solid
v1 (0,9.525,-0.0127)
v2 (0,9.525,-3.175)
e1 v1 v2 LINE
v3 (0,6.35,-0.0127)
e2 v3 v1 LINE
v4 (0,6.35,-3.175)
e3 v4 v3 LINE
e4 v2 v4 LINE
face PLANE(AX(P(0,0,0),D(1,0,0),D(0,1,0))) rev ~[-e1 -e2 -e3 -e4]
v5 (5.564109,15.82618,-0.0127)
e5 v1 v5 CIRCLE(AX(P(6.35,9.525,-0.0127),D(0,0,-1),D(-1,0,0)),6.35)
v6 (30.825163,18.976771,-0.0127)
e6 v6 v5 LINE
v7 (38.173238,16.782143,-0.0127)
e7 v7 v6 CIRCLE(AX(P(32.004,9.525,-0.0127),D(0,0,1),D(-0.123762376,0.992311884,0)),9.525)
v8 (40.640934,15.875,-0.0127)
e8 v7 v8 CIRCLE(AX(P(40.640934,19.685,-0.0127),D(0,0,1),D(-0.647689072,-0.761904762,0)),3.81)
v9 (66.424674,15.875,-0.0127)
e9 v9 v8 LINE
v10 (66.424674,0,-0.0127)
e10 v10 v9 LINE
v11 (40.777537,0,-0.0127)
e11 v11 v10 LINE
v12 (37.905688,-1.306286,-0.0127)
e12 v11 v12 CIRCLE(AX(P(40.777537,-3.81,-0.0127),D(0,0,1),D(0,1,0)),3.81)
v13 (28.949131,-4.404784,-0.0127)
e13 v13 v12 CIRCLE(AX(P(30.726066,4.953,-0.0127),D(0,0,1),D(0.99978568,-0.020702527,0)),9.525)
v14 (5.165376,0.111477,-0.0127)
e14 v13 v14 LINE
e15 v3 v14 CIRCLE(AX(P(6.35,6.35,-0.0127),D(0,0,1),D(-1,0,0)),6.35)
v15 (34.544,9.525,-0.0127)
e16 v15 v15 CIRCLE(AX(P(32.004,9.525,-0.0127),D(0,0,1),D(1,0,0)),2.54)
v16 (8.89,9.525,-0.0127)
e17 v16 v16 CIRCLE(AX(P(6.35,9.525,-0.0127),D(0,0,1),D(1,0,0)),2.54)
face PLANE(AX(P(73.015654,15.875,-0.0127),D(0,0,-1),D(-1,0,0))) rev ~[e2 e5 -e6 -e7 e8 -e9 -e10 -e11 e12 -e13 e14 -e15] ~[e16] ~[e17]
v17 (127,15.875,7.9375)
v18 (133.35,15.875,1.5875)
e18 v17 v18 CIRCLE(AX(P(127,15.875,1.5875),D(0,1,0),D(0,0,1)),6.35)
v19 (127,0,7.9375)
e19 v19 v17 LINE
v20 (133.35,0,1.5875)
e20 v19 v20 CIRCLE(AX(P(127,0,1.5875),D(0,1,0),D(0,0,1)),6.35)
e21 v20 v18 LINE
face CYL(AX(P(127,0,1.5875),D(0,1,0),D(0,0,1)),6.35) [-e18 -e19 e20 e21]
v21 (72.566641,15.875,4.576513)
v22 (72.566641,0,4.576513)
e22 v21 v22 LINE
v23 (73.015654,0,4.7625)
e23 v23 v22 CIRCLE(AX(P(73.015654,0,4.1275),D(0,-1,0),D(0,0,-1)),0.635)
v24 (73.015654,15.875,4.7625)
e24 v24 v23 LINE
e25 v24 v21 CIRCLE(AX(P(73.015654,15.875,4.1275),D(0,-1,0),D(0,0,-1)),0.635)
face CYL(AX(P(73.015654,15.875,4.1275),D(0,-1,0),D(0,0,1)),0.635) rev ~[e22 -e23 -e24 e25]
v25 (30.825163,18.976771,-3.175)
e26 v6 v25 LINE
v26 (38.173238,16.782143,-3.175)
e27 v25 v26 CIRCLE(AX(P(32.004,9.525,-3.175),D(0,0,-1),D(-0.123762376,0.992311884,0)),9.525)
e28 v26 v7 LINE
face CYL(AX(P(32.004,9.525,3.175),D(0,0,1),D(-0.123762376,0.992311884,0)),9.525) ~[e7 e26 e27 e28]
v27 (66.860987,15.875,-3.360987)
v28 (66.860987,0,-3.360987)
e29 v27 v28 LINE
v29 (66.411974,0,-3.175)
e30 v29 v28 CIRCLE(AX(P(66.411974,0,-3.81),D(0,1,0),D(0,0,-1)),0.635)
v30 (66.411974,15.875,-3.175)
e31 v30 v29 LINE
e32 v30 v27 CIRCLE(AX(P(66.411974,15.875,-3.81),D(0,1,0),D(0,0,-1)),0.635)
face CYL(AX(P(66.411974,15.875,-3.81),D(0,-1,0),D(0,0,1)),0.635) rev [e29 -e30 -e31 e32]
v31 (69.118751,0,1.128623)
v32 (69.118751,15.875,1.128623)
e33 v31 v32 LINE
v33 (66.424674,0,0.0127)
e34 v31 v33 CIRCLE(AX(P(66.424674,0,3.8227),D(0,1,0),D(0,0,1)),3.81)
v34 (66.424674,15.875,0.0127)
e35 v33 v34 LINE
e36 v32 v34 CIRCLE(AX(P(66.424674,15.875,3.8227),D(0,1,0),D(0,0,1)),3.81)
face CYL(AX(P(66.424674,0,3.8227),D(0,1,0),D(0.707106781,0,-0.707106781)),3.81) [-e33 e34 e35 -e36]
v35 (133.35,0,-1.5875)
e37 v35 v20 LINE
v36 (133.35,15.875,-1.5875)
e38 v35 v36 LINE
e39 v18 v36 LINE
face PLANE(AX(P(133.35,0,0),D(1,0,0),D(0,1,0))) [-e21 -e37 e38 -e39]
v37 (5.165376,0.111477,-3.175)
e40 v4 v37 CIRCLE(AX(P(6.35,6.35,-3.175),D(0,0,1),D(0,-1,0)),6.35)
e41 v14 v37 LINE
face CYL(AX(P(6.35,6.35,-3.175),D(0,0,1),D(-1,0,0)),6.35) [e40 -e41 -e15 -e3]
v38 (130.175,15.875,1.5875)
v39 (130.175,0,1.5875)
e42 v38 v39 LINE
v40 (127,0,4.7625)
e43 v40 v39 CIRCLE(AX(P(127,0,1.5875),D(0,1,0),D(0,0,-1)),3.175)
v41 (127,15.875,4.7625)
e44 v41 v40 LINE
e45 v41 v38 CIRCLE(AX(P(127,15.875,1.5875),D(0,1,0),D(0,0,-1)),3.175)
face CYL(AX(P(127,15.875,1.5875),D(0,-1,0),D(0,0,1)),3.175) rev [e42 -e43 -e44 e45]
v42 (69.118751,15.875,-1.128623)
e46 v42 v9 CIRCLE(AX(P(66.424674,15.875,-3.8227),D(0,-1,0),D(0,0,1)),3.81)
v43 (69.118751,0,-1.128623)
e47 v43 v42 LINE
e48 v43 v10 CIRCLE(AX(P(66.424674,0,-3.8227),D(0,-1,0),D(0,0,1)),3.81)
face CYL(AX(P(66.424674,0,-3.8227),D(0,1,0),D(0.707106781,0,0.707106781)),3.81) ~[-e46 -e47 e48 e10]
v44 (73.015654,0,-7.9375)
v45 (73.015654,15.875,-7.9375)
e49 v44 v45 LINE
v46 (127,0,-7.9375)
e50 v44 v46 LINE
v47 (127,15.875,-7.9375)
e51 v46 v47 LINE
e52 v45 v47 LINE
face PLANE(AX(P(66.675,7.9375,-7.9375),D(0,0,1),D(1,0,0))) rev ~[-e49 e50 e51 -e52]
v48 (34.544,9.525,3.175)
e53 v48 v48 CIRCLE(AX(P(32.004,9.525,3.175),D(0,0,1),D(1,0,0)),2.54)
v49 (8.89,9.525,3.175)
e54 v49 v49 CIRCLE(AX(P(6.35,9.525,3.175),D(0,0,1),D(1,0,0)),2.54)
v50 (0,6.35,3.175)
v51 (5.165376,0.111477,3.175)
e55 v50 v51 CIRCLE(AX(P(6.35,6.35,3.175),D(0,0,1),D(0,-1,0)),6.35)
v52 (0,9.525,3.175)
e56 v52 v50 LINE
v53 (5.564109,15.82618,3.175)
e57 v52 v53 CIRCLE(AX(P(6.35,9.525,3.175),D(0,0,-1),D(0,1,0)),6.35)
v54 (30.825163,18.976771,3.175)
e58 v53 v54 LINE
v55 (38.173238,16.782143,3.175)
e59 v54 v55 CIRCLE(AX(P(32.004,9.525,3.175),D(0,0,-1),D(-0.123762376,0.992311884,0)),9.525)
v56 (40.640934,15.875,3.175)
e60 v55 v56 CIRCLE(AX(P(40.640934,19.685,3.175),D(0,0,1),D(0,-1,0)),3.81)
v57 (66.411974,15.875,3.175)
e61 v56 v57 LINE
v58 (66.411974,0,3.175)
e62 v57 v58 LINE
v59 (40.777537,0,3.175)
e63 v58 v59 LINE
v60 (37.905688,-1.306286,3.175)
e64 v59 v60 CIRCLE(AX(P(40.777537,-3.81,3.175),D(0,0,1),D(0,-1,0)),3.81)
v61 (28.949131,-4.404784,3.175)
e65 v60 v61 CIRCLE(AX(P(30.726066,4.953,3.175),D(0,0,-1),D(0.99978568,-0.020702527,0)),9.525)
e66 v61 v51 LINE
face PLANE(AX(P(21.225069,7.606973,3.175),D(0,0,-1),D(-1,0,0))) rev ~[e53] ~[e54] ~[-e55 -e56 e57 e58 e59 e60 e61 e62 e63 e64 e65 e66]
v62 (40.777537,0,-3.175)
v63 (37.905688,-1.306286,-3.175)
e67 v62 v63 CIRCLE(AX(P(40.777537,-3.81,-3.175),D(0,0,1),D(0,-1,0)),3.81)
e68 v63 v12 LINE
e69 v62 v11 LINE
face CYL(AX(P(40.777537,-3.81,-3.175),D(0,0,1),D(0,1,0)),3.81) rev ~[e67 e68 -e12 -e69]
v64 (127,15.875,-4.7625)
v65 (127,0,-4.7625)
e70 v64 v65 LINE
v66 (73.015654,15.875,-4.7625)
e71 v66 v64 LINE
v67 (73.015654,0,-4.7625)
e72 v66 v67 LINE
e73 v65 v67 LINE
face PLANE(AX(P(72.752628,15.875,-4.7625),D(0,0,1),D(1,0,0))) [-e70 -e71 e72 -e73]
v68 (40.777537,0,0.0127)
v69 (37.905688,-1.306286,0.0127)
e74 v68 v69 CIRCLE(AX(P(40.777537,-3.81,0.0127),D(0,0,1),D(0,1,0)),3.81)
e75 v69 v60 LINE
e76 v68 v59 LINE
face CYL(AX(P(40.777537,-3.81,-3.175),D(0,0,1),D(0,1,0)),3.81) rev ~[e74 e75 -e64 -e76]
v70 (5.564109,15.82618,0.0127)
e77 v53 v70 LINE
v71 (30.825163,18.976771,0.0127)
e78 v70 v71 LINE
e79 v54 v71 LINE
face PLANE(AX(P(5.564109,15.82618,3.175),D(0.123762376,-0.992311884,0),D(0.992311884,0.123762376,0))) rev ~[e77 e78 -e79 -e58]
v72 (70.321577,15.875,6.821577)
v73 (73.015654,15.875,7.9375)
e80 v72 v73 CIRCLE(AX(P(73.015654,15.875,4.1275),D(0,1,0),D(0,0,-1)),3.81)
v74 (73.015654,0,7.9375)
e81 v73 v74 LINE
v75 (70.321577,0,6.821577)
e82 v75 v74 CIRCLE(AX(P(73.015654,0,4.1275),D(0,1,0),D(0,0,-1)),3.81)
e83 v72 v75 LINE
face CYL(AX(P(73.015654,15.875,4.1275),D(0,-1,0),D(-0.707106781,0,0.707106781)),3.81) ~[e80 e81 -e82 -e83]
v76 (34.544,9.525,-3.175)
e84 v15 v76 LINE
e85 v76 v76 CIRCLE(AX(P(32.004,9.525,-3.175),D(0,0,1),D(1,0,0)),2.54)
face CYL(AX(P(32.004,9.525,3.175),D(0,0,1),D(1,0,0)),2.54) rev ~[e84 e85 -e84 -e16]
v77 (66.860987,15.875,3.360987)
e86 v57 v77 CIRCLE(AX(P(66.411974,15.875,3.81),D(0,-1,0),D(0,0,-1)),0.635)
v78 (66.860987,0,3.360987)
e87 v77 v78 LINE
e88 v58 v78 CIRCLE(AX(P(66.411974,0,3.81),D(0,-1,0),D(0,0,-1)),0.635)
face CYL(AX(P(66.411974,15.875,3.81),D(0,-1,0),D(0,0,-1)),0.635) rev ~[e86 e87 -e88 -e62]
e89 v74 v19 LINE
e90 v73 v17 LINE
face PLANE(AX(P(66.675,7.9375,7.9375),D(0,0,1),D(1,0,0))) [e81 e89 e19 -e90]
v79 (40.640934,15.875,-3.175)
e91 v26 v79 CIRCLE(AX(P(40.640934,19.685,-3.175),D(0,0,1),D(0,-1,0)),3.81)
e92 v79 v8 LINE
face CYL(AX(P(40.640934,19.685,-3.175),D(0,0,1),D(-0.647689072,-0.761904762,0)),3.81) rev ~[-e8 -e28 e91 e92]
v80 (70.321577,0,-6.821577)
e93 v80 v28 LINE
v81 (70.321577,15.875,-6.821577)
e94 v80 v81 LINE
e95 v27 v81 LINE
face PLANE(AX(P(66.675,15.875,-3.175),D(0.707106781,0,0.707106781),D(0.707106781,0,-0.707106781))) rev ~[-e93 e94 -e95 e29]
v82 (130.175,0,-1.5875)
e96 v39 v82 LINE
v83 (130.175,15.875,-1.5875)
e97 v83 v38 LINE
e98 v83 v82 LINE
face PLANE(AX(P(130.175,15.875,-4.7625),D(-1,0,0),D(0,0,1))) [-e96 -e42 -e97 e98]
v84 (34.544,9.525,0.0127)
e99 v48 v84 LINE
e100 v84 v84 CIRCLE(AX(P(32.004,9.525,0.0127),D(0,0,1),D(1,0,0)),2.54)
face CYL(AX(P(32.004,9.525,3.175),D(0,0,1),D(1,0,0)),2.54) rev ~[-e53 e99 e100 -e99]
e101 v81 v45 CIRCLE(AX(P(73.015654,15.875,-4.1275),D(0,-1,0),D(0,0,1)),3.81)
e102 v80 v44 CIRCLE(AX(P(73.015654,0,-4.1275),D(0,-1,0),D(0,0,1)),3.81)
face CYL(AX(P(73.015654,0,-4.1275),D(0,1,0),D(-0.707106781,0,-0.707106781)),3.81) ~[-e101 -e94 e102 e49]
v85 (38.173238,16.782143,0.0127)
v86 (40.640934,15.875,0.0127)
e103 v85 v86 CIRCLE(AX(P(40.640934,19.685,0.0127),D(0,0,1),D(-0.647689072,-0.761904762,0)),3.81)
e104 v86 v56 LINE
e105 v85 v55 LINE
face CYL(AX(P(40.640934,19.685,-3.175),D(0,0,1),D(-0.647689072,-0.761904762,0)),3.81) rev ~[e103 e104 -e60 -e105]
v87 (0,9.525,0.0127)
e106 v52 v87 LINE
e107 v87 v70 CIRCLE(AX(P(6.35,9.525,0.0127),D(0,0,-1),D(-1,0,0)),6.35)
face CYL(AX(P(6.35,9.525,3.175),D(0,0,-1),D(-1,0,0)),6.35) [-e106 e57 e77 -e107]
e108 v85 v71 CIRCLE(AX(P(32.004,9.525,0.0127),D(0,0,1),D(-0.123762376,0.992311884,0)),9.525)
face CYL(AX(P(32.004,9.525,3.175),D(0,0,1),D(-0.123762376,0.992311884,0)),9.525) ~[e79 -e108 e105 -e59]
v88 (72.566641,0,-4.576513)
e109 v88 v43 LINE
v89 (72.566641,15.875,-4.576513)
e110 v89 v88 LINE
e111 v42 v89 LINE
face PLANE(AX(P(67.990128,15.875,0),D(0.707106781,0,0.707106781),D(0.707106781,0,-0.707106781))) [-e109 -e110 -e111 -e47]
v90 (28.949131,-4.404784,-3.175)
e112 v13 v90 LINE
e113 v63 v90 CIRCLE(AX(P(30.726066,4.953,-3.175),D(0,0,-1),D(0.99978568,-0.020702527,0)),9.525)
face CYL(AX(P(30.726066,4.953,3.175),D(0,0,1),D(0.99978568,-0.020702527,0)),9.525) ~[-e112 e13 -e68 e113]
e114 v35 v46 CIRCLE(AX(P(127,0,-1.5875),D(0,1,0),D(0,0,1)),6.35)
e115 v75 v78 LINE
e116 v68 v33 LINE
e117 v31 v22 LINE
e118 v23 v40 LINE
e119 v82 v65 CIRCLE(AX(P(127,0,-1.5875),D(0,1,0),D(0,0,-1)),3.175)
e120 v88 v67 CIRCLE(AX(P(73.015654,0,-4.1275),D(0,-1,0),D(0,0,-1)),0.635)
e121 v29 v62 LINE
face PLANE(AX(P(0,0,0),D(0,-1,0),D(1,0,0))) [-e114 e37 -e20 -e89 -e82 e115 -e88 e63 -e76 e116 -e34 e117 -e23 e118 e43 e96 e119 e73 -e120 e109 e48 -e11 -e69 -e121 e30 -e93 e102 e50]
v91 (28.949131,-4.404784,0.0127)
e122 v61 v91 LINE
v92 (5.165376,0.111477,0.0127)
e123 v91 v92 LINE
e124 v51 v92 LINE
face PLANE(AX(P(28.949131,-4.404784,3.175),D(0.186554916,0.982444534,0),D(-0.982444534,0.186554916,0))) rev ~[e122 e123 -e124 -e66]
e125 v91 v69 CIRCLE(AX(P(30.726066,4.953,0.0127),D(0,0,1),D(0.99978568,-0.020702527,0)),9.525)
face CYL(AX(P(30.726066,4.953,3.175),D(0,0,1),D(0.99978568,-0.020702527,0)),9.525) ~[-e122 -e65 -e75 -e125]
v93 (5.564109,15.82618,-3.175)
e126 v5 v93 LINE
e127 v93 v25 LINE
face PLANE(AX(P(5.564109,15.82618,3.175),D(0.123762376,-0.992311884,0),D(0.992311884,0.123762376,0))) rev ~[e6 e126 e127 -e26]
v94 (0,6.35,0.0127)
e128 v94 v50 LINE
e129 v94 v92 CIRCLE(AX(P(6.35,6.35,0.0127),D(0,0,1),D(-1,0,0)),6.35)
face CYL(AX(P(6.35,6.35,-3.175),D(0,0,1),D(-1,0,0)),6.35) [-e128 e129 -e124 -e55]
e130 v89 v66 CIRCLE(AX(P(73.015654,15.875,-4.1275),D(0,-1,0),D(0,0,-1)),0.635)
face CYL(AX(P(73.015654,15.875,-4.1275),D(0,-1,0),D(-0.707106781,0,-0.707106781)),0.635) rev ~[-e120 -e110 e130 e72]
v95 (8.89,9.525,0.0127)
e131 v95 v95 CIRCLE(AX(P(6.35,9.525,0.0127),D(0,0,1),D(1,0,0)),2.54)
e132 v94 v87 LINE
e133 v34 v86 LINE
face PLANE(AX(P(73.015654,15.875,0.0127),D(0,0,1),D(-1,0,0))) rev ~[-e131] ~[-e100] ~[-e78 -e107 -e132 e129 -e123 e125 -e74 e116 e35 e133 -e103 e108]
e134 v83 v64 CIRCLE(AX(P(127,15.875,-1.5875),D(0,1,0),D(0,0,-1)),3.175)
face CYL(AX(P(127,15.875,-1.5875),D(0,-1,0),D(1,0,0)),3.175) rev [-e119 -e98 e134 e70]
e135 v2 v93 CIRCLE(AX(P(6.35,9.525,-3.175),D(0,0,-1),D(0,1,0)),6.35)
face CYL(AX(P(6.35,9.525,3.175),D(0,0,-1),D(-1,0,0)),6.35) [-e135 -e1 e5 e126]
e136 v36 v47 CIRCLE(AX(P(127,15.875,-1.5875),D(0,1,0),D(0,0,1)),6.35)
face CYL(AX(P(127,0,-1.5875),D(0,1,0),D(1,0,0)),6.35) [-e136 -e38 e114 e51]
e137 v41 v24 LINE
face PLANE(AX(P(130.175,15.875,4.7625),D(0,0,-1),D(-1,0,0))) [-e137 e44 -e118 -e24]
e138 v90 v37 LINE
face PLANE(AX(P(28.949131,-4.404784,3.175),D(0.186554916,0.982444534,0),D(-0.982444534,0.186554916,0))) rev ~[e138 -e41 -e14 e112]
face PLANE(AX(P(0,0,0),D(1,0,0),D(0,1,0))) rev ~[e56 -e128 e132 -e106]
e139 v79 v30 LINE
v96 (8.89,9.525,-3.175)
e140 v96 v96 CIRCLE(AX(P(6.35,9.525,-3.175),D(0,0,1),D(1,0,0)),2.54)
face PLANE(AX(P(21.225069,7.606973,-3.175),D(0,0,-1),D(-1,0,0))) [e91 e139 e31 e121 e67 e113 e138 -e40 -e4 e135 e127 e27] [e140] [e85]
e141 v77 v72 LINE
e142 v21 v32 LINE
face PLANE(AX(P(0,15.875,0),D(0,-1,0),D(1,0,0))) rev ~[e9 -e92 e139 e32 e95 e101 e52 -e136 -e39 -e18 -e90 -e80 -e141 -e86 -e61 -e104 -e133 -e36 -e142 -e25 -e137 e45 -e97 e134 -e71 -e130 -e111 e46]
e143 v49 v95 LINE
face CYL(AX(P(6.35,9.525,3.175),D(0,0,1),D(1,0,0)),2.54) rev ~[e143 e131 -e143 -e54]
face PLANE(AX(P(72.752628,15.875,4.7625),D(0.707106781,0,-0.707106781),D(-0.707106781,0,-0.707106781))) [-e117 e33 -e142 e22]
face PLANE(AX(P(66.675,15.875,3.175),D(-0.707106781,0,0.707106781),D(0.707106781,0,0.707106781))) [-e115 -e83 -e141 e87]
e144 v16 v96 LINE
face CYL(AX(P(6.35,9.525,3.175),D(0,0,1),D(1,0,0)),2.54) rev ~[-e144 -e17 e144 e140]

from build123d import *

# Parameters (mm, degrees)
SKETCH1_W               = 133.35
SKETCH1_H               = 15.875
BASE_EXTRUDE_DEPTH      = 7.9375
CUT_EXTRUDE1_DEPTH      = 16.875
FILLET5_R               = 0.635
FILLET6_R               = 3.81
FILLET7_R               = 3.175
FILLET8_R               = 6.35
FILLET9_R               = 6.35
FILLET10_R              = 6.35
BOSS_EXTRUDE3_DEPTH     = 6.35
FILLET11_R              = 3.81
SKETCH7_R               = 2.54
CUT_EXTRUDE5_DEPTH      = 12.1125
SKETCH8_W               = 76.190653673
SKETCH8_H               = 0.0254
CUT_EXTRUDE6_DEPTH      = 4.175
CUT_EXTRUDE6_DEPTH_BACK = 21.447
FILLET12_R              = 3.81
FILLET13_R              = 3.81


with BuildPart() as part:
    # Sketch1 → Base-Extrude (new body, symmetric)
    with BuildSketch(Plane.XY):
        with Locations((66.675, 7.9375)):
            Rectangle(SKETCH1_W, SKETCH1_H)
    extrude(amount=BASE_EXTRUDE_DEPTH, both=True)

    # Sketch3 → Cut-Extrude1 (cut, through all)
    with BuildSketch(Plane(origin=(0, 15.875, 0), x_dir=(-1, 0, 0), z_dir=(0, 1, 0))):
        Polygon((-72.752628061, -4.7625), (-130.175, -4.7625), (-130.175, 4.7625), (-72.752628061, 4.7625), (-67.990128061, 0), align=None)
        Polygon((1.24743597, -3.175), (-66.675, -3.175), (-73.371059662, -9.871059662), (1.24743597, -9.871059662), align=None)
        Polygon((1.24743597, 3.175), (-66.675, 3.175), (-73.371059662, 9.871059662), (1.24743597, 9.871059662), align=None)
    extrude(amount=-CUT_EXTRUDE1_DEPTH, mode=Mode.SUBTRACT)

    # Fillet5
    fillet5_edges = [part.edges().sort_by_distance(p)[0] for p in [
        (72.752628061, 7.9375, -4.7625),
        (72.752628061, 7.9375, 4.7625),
        (66.675, 7.9375, 3.175),
        (66.675, 7.9375, -3.175),
    ]]
    fillet(fillet5_edges, radius=FILLET5_R)

    # Fillet6
    fillet6_edges = [part.edges().sort_by_distance(p)[0] for p in [
        (71.4375, 7.9375, -7.9375),
        (71.4375, 7.9375, 7.9375),
    ]]
    fillet(fillet6_edges, radius=FILLET6_R)

    # Fillet7
    fillet7_edges = [part.edges().sort_by_distance(p)[0] for p in [
        (130.175, 7.9375, -4.7625),
        (130.175, 7.9375, 4.7625),
    ]]
    fillet(fillet7_edges, radius=FILLET7_R)

    # Fillet8
    fillet8_edges = [part.edges().sort_by_distance(p)[0] for p in [
        (133.35, 7.9375, 7.9375),
        (133.35, 7.9375, -7.9375),
    ]]
    fillet(fillet8_edges, radius=FILLET8_R)

    # Fillet9
    fillet9_edges = [part.edges().sort_by_distance(p)[0] for p in [
        (0, 15.875, 0),
    ]]
    fillet(fillet9_edges, radius=FILLET9_R)

    # Fillet10
    fillet10_edges = [part.edges().sort_by_distance(p)[0] for p in [
        (0, 0, 0),
    ]]
    fillet(fillet10_edges, radius=FILLET10_R)

    # Sketch6 → Boss-Extrude3 (add)
    with BuildSketch(Plane.XY.offset(3.175)):
        with BuildLine():
            Line((5.564108911, 15.826180461), (30.825163366, 18.976770691))
            ThreePointArc((30.825163366, 18.976770691), (39.943880119, 14.786551928), (40.249024971, 4.755808431))
            ThreePointArc((40.249024971, 4.755808431), (36.72434383, -2.446073762), (28.949130797, -4.404784191))
            Line((28.949130797, -4.404784191), (5.165376283, 0.111477206))
            ThreePointArc((5.165376283, 0.111477206), (1.458943846, 2.300300048), (0, 6.35))
            Line((0, 6.35), (0, 9.525))
            ThreePointArc((0, 9.525), (1.590120358, 13.728099546), (5.564108911, 15.826180461))
        make_face()
    extrude(amount=-BOSS_EXTRUDE3_DEPTH)

    # Fillet11
    fillet11_edges = [part.edges().sort_by_distance(p)[0] for p in [
        (38.862, 0, 0),
        (39.103515829, 15.875, 0),
    ]]
    fillet(fillet11_edges, radius=FILLET11_R)

    # Sketch7 → Cut-Extrude5 (cut, through all)
    with BuildSketch(Plane.XY.offset(3.175)):
        with Locations((6.35, 9.525)):
            Circle(SKETCH7_R)
        with Locations((32.004, 9.525)):
            Circle(SKETCH7_R)
    extrude(amount=-CUT_EXTRUDE5_DEPTH, mode=Mode.SUBTRACT)

    # Sketch8 → Cut-Extrude6 (cut, two sides)
    with BuildSketch(Plane(origin=(0, 15.875, 0), x_dir=(-1, 0, 0), z_dir=(0, 1, 0))) as cut_extrude6_sk:
        with Locations((-34.920326837, 0)):
            Rectangle(SKETCH8_W, SKETCH8_H)
    extrude(amount=CUT_EXTRUDE6_DEPTH, mode=Mode.SUBTRACT)
    extrude(cut_extrude6_sk.sketch, amount=-CUT_EXTRUDE6_DEPTH_BACK, mode=Mode.SUBTRACT)

    # Fillet12
    fillet12_edges = [part.edges().sort_by_distance(p)[0] for p in [
        (68.002828061, 7.9375, 0.0127),
    ]]
    fillet(fillet12_edges, radius=FILLET12_R)

    # Fillet13
    fillet13_edges = [part.edges().sort_by_distance(p)[0] for p in [
        (68.002828061, 7.9375, -0.0127),
    ]]
    fillet(fillet13_edges, radius=FILLET13_R)


solid = part.part
